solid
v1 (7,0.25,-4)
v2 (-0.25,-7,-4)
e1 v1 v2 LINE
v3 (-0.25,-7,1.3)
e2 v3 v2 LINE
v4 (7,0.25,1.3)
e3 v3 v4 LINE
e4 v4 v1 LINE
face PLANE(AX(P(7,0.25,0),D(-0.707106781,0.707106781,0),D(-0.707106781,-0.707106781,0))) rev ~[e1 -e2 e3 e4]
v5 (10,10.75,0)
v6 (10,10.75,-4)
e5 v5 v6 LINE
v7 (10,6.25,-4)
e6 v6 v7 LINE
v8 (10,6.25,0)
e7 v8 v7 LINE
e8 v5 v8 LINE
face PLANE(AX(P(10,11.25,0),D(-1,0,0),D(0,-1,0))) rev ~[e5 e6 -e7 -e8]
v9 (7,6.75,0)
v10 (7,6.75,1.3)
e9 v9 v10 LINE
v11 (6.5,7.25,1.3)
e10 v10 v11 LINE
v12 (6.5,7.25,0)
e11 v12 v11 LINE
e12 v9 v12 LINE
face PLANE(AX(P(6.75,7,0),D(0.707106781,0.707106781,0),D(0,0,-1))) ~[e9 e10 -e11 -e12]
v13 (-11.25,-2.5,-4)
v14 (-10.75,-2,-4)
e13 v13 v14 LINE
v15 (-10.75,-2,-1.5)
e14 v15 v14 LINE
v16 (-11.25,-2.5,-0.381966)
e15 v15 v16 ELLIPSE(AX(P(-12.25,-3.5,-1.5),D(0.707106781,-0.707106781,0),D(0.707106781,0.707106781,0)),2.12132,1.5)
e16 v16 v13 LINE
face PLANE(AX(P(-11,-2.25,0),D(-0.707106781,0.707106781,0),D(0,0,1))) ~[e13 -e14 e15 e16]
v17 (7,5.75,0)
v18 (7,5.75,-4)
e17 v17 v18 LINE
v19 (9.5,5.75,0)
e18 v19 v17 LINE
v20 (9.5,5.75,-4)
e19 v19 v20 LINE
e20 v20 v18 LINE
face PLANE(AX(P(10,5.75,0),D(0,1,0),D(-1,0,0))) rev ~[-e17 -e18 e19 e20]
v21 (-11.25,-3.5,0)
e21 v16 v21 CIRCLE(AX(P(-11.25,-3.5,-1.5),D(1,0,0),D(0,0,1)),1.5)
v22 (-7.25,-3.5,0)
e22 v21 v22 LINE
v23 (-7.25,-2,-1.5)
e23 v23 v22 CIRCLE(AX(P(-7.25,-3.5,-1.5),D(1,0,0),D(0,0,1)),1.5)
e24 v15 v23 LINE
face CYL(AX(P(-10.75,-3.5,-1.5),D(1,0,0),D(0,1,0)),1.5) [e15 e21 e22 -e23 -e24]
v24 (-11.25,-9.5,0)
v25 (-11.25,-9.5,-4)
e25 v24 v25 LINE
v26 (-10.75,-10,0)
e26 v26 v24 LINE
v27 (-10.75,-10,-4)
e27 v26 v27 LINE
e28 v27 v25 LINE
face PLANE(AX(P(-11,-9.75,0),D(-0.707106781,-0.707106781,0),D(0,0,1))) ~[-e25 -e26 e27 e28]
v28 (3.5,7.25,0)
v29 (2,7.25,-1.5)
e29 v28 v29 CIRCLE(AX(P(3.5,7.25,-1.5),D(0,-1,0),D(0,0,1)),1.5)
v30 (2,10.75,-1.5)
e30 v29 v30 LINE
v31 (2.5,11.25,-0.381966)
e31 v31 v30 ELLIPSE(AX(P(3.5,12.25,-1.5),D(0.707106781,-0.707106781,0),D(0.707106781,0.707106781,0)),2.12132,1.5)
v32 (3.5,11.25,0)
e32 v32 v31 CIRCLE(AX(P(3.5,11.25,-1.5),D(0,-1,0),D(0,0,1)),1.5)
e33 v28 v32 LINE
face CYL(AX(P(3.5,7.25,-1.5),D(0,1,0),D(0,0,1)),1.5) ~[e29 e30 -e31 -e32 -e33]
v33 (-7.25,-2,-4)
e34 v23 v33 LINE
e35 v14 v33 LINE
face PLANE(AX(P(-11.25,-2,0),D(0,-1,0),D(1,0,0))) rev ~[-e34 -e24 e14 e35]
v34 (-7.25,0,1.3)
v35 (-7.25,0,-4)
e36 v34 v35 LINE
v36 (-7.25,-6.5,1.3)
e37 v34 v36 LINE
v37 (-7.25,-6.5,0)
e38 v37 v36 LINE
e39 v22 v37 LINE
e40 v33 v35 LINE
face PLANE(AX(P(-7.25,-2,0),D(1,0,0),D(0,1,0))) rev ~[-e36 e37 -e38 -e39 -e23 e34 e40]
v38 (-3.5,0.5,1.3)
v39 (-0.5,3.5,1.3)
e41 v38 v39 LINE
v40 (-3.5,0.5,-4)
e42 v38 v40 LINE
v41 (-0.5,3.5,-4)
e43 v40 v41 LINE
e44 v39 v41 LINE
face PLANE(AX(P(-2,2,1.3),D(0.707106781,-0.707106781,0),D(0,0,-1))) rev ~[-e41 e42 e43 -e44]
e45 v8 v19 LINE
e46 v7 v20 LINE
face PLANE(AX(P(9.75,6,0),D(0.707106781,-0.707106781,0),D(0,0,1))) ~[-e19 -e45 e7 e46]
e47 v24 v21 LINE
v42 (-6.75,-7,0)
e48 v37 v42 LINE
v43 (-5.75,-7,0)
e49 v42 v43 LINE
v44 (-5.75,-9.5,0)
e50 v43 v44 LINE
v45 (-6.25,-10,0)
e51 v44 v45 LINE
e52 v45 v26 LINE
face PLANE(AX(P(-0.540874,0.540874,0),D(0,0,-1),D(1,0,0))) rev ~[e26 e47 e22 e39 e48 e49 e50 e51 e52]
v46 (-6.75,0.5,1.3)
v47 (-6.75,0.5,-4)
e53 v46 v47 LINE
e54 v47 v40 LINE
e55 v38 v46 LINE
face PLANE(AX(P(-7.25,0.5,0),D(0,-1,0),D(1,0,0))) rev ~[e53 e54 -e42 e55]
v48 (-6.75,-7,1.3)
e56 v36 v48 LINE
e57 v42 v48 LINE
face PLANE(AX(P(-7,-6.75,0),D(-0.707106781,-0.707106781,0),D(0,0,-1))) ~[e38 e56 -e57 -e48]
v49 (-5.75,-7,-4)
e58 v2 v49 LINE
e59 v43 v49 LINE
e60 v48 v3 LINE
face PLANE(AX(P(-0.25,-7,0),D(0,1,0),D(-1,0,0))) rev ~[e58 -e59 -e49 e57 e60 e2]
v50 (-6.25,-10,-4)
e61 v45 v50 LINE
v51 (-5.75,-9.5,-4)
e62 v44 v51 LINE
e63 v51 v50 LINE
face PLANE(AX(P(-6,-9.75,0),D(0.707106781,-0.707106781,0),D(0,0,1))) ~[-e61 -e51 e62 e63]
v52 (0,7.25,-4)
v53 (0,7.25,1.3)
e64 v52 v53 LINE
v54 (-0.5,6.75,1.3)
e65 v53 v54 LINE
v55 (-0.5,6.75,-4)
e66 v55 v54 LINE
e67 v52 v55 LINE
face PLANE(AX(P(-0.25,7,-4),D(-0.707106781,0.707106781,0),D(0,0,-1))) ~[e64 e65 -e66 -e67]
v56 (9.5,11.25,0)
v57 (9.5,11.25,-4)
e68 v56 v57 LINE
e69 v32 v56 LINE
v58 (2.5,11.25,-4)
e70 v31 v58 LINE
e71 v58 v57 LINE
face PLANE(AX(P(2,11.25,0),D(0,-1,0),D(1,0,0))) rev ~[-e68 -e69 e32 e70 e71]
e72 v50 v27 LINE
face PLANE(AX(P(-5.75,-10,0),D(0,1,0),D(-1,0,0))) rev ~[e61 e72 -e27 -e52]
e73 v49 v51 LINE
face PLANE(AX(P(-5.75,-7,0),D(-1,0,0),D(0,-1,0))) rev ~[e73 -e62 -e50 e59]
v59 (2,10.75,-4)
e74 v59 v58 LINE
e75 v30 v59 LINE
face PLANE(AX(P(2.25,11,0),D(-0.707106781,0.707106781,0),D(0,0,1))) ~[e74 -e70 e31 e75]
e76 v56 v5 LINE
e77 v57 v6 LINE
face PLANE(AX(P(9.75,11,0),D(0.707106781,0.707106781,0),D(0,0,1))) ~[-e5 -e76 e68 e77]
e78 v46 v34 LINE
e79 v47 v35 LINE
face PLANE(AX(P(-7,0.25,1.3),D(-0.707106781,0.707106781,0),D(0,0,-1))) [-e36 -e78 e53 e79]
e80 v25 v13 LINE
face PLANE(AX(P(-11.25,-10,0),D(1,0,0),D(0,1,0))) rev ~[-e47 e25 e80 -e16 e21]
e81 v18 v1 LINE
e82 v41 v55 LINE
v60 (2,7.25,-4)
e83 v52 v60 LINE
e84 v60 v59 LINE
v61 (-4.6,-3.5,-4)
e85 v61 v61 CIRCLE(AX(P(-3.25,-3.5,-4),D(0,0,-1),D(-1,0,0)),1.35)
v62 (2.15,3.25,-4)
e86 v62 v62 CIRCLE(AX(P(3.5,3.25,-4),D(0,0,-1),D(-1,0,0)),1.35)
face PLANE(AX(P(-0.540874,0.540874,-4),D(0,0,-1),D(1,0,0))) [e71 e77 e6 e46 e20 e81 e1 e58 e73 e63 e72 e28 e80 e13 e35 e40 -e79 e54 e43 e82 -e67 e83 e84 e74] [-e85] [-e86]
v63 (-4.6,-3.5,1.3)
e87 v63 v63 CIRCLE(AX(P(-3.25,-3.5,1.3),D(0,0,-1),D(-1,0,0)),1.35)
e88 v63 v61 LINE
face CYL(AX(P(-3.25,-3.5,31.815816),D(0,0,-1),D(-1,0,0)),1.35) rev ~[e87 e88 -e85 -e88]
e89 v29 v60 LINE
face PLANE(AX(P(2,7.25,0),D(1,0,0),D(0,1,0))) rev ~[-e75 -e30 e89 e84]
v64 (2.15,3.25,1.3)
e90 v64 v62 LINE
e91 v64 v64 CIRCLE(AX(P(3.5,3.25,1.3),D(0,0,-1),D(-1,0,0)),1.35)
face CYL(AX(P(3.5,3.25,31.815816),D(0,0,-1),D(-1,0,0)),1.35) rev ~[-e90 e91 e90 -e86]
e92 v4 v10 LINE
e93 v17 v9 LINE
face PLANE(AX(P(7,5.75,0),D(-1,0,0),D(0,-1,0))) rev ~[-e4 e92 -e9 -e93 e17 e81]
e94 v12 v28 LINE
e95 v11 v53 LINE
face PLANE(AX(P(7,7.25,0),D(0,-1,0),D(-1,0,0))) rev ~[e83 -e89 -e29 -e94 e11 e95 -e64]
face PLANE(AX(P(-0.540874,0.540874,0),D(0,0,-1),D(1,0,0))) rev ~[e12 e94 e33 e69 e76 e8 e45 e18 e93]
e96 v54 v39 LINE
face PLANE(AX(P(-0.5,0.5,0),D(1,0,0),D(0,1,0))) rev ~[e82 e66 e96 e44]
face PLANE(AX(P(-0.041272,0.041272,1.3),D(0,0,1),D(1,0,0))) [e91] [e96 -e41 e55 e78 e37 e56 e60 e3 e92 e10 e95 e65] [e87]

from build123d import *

# Parameters (mm, degrees)
F1_DEPTH = 1.3
F3_DEPTH = 4
F4_SIZE  = 0.5
F5_SIZE  = 3
F6_R     = 1.5
F8_D     = 2.7


with BuildPart() as f1:
    # F0 (on Top) → F1 (new body)
    with BuildSketch(Plane.XY):
        Polygon((-7.25, -7), (-0.25, -7), (7, 0.25), (7, 7.25), (-0.5, 7.25), (-0.5, 0.5), (-7.25, 0.5), align=None)
    extrude(amount=F1_DEPTH)

    # F2 (on face) → F3 (join)
    with BuildSketch(Plane(origin=(0, 0, 0), x_dir=(1, 0, 0), z_dir=(0, 0, -1))):
        Polygon((7, -5.75), (7, -0.25), (-0.25, 7), (-5.75, 7), (-5.75, 10), (-11.25, 10), (-11.25, 2), (-7.25, 2), (-7.25, -0.5), (-0.5, -0.5), (-0.5, -7.25), (2, -7.25), (2, -11.25), (10, -11.25), (10, -5.75), align=None)
    extrude(amount=F3_DEPTH)

    # F4
    f4_edges = [f1.edges().sort_by_distance(p)[0] for p in [
        (-5.75, -10, -2),
        (-11.25, -10, -2),
        (-7.25, -7, 0.65),
        (-11.25, -2, -2),
        (-7.25, 0.5, -1.35),
        (-0.5, 7.25, -1.35),
        (2, 11.25, -2),
        (7, 7.25, 0.65),
        (10, 11.25, -2),
        (10, 5.75, -2),
    ]]
    chamfer(f4_edges, length=F4_SIZE)

    # F5
    f5_edges = [f1.edges().sort_by_distance(p)[0] for p in [
        (-0.5, 0.5, -1.35),
    ]]
    chamfer(f5_edges, length=F5_SIZE)

    # F6
    f6_edges = [f1.edges().sort_by_distance(p)[0] for p in [
        (2, 9, 0),
        (-9, -2, 0),
    ]]
    fillet(f6_edges, radius=F6_R)

    # F8 (through all)
    with Locations(Plane.XY.offset(1.3)):
        with Locations((3.5, 3.25), (-3.25, -3.5)):
            Hole(F8_D / 2)


solid = f1.part
